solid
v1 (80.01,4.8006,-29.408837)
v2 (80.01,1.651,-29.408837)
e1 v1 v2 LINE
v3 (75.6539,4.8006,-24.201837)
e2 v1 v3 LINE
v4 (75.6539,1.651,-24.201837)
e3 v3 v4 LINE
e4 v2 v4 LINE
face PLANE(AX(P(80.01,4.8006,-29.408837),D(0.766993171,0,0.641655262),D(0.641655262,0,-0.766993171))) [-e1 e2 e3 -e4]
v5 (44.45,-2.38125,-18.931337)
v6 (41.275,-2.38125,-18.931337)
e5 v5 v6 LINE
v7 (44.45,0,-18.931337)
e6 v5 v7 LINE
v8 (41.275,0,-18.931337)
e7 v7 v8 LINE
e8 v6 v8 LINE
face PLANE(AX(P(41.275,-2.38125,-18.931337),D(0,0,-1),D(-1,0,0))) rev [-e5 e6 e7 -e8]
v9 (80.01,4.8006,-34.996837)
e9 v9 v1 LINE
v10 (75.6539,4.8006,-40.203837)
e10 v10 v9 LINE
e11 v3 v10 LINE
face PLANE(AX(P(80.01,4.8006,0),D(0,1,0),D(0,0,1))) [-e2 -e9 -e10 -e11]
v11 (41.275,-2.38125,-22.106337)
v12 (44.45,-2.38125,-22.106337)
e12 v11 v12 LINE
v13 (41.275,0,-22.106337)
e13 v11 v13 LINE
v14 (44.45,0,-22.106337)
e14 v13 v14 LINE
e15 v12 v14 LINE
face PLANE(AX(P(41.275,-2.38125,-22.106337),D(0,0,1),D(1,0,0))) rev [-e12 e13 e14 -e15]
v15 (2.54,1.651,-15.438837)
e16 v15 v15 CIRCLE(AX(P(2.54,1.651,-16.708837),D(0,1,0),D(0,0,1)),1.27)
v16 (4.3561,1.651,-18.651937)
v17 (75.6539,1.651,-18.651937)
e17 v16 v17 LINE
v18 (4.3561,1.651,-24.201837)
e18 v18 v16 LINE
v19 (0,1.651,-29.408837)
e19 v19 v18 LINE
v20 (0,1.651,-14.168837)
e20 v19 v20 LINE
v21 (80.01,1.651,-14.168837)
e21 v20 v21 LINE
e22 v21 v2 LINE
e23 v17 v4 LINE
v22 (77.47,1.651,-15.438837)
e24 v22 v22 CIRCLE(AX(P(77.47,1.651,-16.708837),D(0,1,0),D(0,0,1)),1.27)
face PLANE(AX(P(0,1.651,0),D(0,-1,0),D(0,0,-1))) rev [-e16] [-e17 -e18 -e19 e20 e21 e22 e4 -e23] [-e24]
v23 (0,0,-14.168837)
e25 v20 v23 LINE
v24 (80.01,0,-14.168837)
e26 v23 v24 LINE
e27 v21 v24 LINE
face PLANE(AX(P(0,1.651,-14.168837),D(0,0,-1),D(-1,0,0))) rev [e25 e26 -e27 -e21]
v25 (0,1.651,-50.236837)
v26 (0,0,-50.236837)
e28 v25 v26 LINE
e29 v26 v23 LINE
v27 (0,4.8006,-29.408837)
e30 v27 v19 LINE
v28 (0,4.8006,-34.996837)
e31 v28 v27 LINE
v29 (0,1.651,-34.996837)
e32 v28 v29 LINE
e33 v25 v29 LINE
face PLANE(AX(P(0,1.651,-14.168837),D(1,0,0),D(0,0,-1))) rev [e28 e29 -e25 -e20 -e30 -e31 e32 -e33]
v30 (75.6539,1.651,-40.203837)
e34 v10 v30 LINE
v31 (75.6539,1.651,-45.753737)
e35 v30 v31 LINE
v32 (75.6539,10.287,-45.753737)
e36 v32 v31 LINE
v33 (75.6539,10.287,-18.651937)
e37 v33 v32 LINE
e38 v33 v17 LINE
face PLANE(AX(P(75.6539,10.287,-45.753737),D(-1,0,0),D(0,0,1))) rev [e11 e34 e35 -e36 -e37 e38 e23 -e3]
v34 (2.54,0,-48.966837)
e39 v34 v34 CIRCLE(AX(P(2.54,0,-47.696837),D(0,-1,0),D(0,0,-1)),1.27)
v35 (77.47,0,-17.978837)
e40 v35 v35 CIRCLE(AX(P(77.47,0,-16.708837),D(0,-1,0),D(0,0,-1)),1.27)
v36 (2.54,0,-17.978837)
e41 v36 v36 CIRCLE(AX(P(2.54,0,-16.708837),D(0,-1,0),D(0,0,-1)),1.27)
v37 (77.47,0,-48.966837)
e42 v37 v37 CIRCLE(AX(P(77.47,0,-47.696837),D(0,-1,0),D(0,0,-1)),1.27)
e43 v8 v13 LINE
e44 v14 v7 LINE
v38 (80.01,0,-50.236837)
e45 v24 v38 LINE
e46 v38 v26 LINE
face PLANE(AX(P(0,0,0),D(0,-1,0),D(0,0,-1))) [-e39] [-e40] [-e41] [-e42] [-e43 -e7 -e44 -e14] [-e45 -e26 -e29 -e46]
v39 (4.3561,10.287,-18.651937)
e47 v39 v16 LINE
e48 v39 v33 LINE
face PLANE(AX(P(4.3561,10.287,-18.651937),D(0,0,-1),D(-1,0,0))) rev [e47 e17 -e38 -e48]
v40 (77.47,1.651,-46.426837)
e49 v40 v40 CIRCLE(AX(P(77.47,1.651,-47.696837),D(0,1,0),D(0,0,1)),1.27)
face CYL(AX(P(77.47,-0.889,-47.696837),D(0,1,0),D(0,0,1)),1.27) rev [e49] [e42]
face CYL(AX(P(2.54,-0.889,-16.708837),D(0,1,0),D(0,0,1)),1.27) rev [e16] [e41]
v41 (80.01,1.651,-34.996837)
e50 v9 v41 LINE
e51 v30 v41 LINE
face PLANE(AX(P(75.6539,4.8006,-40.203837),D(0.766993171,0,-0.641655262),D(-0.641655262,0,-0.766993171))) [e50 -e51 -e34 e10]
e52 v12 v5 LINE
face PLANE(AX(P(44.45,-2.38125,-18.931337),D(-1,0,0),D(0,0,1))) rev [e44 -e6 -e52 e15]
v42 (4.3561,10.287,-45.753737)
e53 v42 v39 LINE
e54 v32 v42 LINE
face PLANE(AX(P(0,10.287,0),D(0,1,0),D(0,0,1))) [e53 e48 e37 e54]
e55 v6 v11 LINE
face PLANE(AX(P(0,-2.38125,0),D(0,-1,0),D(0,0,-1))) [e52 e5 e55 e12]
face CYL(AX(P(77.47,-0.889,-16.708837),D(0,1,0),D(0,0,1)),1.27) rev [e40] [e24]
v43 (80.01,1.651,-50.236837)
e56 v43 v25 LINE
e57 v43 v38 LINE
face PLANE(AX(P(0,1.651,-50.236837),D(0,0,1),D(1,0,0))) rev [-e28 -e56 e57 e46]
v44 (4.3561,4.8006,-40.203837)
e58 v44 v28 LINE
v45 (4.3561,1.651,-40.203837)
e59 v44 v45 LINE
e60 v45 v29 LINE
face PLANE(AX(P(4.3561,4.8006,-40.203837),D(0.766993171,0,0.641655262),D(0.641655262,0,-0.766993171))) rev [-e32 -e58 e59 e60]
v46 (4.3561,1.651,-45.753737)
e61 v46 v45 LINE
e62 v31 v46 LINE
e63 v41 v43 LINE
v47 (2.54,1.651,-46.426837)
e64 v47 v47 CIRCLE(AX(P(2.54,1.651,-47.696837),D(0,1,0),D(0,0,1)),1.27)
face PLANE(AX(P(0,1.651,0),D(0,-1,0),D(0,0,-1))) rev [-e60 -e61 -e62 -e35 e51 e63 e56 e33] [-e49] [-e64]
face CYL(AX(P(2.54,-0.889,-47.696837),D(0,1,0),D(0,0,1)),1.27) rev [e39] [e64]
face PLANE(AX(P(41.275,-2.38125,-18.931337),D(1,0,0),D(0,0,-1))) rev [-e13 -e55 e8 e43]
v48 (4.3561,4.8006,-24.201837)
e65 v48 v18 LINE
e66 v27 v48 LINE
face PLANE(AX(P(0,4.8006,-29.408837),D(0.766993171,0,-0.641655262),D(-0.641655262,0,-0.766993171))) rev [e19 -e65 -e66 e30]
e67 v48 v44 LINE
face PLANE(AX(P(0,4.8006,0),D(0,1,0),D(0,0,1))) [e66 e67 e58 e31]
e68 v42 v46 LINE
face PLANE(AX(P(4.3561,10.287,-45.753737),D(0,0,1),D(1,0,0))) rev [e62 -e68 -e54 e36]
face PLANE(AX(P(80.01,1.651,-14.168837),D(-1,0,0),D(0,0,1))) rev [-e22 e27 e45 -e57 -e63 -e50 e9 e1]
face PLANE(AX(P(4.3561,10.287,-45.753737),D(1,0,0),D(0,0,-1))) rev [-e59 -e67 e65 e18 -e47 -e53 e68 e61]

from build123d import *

# Parameters (mm, degrees)
SKETCH1_W           = 80.01
SKETCH1_H           = 36.068
BOSS_EXTRUDE1_DEPTH = 1.651
SKETCH2_R           = 1.27
CUT_EXTRUDE1_DEPTH  = 2.54
SKETCH3_W           = 71.2978
SKETCH3_H           = 27.1018
BOSS_EXTRUDE2_DEPTH = 8.636
BOSS_EXTRUDE3_DEPTH = 3.1496
SKETCH5_W           = 3.175
SKETCH5_H           = 3.175
BOSS_EXTRUDE4_DEPTH = 2.38125


with BuildPart() as part:
    # Sketch1 → Boss-Extrude1 (new body)
    with BuildSketch(Plane(origin=(0, 0, 0), x_dir=(1, 0, 0), z_dir=(0, 1, 0))):
        with Locations((40.005, 32.202836909)):
            Rectangle(SKETCH1_W, SKETCH1_H)
    extrude(amount=BOSS_EXTRUDE1_DEPTH)

    # Sketch2 → Cut-Extrude1 (cut)
    with BuildSketch(Plane(origin=(0, 1.651, 0), x_dir=(1, 0, 0), z_dir=(0, 1, 0))):
        with Locations(Location((2.54, 47.696836909, 0), (0, 0, 270))):
            Circle(SKETCH2_R)
        with Locations(Location((2.54, 16.708836909, 0), (0, 0, 270))):
            Circle(SKETCH2_R)
        with Locations(Location((77.47, 47.696836909, 0), (0, 0, 270))):
            Circle(SKETCH2_R)
        with Locations(Location((77.47, 16.708836909, 0), (0, 0, 270))):
            Circle(SKETCH2_R)
    extrude(amount=-CUT_EXTRUDE1_DEPTH, mode=Mode.SUBTRACT)

    # Sketch3 → Boss-Extrude2 (add)
    with BuildSketch(Plane(origin=(0, 1.651, 0), x_dir=(1, 0, 0), z_dir=(0, 1, 0))):
        with Locations((40.005, 32.202836909)):
            Rectangle(SKETCH3_W, SKETCH3_H)
    extrude(amount=BOSS_EXTRUDE2_DEPTH)

    # Sketch4 → Boss-Extrude3 (add)
    with BuildSketch(Plane(origin=(0, 1.651, 0), x_dir=(1, 0, 0), z_dir=(0, 1, 0))):
        Polygon((4.3561, 40.203836909), (0, 34.996836909), (0, 29.408836909), (4.3561, 24.201836909), align=None)
    boss_extrude3 = extrude(amount=BOSS_EXTRUDE3_DEPTH)

    # Mirror1: Boss-Extrude3 across plane
    add(boss_extrude3.mirror(Plane.ZY.offset(-40.005)))

    # Sketch5 → Boss-Extrude4 (add)
    with BuildSketch(Plane.XZ):
        with Locations((42.8625, -20.518836909)):
            Rectangle(SKETCH5_W, SKETCH5_H)
    extrude(amount=BOSS_EXTRUDE4_DEPTH)


solid = part.part
